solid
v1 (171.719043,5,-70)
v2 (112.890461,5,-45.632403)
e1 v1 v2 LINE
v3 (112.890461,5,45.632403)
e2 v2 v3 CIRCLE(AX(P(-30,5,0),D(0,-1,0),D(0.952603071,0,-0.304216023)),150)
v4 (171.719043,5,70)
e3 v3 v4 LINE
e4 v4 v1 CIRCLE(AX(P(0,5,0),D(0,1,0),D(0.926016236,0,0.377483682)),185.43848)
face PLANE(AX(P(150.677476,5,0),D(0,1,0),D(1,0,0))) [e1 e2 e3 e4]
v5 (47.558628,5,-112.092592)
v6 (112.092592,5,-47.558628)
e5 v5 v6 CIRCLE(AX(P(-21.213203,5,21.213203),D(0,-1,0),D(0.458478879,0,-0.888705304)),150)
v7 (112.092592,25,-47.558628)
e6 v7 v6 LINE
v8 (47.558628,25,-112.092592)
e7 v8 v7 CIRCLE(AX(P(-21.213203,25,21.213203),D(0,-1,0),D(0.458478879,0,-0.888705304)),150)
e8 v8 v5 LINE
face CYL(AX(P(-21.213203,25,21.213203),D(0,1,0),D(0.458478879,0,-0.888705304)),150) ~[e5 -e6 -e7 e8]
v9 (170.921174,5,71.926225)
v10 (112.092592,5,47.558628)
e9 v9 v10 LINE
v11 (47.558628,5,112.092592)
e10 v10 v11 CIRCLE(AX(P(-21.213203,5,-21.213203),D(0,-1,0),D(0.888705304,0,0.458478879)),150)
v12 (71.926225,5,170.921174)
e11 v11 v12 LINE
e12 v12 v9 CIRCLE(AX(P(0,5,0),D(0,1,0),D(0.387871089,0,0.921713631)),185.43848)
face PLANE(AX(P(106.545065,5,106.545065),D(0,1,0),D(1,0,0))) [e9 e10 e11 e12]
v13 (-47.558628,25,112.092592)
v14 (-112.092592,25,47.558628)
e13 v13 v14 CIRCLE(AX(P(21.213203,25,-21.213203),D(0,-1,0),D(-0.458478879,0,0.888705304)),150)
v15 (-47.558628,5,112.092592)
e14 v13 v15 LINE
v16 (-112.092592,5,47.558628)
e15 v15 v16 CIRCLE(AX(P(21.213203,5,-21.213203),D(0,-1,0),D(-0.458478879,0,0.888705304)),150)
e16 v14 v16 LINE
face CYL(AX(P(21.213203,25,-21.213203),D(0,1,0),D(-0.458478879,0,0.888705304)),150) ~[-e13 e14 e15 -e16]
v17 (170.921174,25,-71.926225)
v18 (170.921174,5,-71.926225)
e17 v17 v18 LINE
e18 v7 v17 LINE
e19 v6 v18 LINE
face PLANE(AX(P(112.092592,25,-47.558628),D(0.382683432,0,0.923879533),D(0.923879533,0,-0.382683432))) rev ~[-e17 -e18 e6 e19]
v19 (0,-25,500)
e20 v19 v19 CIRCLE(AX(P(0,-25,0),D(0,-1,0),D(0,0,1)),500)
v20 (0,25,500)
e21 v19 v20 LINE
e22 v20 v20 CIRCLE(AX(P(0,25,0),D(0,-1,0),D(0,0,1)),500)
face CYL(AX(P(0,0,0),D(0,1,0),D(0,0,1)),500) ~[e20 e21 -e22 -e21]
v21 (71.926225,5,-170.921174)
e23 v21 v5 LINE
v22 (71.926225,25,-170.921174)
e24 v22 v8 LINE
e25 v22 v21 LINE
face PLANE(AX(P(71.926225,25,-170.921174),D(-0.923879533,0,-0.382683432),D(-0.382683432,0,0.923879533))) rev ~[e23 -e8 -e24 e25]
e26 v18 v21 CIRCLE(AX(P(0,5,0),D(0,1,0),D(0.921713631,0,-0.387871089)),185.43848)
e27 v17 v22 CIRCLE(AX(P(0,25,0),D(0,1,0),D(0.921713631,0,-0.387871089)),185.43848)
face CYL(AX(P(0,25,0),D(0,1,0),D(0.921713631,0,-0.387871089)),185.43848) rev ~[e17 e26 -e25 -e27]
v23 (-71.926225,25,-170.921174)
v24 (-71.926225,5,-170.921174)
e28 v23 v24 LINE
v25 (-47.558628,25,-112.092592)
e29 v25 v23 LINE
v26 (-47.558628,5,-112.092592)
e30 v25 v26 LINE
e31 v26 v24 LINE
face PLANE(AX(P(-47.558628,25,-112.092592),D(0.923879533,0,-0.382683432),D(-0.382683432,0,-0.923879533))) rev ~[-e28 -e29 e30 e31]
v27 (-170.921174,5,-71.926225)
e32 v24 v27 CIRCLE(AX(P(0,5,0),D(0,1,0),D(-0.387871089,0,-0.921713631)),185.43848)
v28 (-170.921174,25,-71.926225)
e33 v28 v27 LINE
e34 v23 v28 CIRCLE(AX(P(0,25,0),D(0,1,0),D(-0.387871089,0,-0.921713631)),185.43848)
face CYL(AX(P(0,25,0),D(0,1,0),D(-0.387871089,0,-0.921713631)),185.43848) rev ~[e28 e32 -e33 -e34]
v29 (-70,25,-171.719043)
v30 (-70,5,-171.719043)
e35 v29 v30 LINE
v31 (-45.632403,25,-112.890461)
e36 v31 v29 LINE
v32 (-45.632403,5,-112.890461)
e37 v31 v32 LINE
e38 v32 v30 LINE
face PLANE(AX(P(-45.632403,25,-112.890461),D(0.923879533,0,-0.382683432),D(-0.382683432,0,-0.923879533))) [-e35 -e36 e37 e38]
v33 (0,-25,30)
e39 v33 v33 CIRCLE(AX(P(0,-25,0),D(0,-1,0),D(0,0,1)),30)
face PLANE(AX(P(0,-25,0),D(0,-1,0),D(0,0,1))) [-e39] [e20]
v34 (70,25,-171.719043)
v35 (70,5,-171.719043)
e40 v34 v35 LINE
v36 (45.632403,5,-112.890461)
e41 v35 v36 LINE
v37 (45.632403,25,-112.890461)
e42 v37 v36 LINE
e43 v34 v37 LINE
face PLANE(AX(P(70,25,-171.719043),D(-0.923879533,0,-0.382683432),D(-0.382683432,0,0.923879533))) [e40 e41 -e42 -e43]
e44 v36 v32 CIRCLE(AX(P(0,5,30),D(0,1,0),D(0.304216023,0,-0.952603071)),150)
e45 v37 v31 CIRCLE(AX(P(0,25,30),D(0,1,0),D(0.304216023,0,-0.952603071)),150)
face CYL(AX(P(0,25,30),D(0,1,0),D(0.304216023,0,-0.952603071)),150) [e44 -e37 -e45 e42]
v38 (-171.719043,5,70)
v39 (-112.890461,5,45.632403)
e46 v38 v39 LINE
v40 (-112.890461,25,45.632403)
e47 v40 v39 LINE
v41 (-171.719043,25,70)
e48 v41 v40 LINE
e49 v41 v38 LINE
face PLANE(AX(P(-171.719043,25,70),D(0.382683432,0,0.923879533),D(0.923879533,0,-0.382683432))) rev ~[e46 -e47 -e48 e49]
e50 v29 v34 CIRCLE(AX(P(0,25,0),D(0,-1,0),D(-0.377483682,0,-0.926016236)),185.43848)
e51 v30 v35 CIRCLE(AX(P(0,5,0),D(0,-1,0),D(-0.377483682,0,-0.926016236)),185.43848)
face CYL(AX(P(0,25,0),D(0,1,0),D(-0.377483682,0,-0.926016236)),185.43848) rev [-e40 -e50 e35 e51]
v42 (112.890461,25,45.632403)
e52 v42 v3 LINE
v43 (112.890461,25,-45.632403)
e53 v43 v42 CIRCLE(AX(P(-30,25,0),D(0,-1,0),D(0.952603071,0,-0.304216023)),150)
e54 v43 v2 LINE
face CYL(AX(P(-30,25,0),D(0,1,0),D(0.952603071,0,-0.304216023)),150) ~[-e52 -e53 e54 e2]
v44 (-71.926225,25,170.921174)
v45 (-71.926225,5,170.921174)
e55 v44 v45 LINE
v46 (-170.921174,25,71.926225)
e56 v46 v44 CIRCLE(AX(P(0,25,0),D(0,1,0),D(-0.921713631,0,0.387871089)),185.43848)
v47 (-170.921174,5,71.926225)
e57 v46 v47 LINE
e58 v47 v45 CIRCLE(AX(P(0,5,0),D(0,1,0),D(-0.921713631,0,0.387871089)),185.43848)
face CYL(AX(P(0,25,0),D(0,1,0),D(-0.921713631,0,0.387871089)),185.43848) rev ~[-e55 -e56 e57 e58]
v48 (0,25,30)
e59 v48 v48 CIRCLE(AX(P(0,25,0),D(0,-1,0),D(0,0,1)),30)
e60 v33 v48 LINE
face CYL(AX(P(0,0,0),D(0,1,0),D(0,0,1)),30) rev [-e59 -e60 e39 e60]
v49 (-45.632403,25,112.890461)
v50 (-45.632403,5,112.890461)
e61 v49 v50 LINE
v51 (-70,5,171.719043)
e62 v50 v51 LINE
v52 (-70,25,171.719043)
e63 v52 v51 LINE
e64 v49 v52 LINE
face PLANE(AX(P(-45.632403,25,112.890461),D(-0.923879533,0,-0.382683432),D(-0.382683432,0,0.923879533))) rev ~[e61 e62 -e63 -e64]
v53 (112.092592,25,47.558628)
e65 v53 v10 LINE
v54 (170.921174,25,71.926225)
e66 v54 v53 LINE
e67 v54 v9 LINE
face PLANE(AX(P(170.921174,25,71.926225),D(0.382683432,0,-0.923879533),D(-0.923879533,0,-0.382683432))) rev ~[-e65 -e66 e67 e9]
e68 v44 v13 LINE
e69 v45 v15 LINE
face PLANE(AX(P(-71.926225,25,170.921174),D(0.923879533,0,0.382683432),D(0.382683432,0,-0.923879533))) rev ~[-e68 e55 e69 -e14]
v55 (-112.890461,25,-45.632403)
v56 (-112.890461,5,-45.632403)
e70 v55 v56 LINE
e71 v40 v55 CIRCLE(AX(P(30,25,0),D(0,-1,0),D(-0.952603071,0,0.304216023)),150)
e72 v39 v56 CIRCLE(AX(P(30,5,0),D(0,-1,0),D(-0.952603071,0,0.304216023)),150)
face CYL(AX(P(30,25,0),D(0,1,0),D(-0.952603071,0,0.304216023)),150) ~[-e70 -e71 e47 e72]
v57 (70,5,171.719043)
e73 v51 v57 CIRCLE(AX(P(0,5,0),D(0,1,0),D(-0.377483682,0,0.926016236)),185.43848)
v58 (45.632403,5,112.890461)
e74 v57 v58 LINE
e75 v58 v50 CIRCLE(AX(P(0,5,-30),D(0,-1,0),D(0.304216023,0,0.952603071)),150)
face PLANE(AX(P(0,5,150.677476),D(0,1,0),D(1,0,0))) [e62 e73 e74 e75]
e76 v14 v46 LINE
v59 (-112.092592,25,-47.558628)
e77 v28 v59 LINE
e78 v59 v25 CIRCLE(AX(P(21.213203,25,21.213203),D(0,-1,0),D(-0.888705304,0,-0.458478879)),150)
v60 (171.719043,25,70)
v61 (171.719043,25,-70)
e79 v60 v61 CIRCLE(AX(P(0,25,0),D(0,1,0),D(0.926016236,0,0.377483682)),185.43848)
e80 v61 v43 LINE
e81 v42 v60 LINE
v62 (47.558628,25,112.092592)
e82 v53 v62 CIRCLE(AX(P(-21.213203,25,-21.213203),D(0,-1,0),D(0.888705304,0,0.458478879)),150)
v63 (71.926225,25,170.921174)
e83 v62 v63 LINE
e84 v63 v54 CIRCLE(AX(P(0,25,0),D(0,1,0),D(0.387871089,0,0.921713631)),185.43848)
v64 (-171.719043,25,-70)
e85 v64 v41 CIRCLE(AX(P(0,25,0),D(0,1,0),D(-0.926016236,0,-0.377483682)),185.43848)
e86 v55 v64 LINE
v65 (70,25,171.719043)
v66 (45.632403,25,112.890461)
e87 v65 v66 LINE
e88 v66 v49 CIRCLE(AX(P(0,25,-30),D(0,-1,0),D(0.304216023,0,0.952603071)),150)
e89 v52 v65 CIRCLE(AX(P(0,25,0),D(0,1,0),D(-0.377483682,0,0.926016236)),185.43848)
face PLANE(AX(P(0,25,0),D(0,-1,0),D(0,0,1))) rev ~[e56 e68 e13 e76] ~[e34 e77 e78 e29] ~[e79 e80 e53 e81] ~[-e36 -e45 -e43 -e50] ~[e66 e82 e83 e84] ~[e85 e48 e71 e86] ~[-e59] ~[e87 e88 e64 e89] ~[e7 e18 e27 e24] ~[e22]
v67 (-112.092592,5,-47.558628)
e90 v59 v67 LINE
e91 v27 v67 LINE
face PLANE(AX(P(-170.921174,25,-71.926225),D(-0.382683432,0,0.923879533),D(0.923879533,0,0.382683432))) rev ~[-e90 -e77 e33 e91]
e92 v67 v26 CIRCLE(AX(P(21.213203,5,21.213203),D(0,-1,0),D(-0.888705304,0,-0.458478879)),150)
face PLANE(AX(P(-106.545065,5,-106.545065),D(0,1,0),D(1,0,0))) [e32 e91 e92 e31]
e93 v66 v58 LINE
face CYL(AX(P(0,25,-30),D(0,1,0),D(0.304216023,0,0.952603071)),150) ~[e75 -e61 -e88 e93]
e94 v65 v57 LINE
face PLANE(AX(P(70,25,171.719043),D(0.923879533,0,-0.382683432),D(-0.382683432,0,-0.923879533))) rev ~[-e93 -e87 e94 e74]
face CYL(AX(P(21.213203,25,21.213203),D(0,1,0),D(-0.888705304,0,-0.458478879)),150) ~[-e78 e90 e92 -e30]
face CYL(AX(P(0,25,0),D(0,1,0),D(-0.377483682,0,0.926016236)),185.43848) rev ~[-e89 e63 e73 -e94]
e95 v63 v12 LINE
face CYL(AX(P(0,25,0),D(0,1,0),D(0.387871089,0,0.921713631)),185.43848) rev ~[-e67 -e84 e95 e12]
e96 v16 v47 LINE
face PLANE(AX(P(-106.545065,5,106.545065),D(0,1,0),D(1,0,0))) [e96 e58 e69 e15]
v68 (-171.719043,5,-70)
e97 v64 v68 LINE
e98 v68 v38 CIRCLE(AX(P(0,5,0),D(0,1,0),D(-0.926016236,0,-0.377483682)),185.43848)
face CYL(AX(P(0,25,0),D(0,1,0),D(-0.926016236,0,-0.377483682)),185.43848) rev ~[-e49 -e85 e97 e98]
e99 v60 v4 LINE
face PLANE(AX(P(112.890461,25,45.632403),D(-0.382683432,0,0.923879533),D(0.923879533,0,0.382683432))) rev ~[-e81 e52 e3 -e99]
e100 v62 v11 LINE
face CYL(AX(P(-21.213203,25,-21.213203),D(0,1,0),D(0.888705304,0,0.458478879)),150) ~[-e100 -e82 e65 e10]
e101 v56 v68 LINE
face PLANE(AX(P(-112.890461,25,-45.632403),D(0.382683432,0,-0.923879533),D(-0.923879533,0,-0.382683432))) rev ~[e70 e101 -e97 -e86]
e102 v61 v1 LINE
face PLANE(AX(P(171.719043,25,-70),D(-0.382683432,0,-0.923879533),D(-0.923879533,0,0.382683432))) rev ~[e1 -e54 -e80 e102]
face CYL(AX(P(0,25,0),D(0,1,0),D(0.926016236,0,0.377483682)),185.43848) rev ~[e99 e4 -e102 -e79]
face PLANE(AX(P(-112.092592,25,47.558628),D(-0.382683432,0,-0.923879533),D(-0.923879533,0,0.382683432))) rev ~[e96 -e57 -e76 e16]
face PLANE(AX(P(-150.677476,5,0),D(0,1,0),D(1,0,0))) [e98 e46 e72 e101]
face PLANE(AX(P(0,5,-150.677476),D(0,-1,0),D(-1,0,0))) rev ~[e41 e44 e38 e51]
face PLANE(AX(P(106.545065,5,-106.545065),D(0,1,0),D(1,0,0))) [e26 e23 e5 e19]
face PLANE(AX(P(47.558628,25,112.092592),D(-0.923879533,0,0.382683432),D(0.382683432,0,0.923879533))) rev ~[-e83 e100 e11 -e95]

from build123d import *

# Parameters (mm, degrees)
SKETCH1_W          = 470
SKETCH1_H          = 50
CUT_EXTRUDE2_DEPTH = 20


with BuildPart() as part:
    # Sketch1 → Revolve1 (revolve)
    with BuildSketch(Plane(origin=(0, 0, 0), x_dir=(0, 0, -1), z_dir=(1, 0, 0))):
        with Locations((-265, 0)):
            Rectangle(SKETCH1_W, SKETCH1_H)
    revolve(axis=Axis((0, 285.555555556, 0), (0, -1, 0)))

    # Sketch3 → Cut-Extrude2 (cut)
    with BuildSketch(Plane(origin=(0, 25, 0), x_dir=(1, 0, 0), z_dir=(0, 1, 0))):
        with BuildLine():
            Line((-45.632403393, 112.890460705), (-70, 171.719042916))
            ThreePointArc((-70, 171.719042916), (0, 185.438479556), (70, 171.719042916))
            Line((70, 171.719042916), (45.632403393, 112.890460705))
            ThreePointArc((45.632403393, 112.890460705), (0, 120), (-45.632403393, 112.890460705))
        make_face()
        with BuildLine():
            Line((112.092592177, 47.558628415), (170.921174388, 71.926225022))
            ThreePointArc((170.921174388, 71.926225022), (131.124806387, 131.124806387), (71.926225022, 170.921174388))
            Line((71.926225022, 170.921174388), (47.558628415, 112.092592177))
            ThreePointArc((47.558628415, 112.092592177), (84.852813742, 84.852813742), (112.092592177, 47.558628415))
        make_face()
        with BuildLine():
            Line((112.890460705, -45.632403393), (171.719042916, -70))
            ThreePointArc((171.719042916, -70), (185.438479556, 0), (171.719042916, 70))
            Line((171.719042916, 70), (112.890460705, 45.632403393))
            ThreePointArc((112.890460705, 45.632403393), (120, 0), (112.890460705, -45.632403393))
        make_face()
        with BuildLine():
            Line((47.558628415, -112.092592177), (71.926225022, -170.921174388))
            ThreePointArc((71.926225022, -170.921174388), (131.124806387, -131.124806387), (170.921174388, -71.926225022))
            Line((170.921174388, -71.926225022), (112.092592177, -47.558628415))
            ThreePointArc((112.092592177, -47.558628415), (84.852813742, -84.852813742), (47.558628415, -112.092592177))
        make_face()
        with BuildLine():
            Line((-45.632403393, -112.890460705), (-70, -171.719042916))
            ThreePointArc((-70, -171.719042916), (0, -185.438479556), (70, -171.719042916))
            Line((70, -171.719042916), (45.632403393, -112.890460705))
            ThreePointArc((45.632403393, -112.890460705), (0, -120), (-45.632403393, -112.890460705))
        make_face()
        with BuildLine():
            Line((-112.092592177, -47.558628415), (-170.921174388, -71.926225022))
            ThreePointArc((-170.921174388, -71.926225022), (-131.124806387, -131.124806387), (-71.926225022, -170.921174388))
            Line((-71.926225022, -170.921174388), (-47.558628415, -112.092592177))
            ThreePointArc((-47.558628415, -112.092592177), (-84.852813742, -84.852813742), (-112.092592177, -47.558628415))
        make_face()
        with BuildLine():
            Line((-112.890460705, 45.632403393), (-171.719042916, 70))
            ThreePointArc((-171.719042916, 70), (-185.438479556, 0), (-171.719042916, -70))
            Line((-171.719042916, -70), (-112.890460705, -45.632403393))
            ThreePointArc((-112.890460705, -45.632403393), (-120, 0), (-112.890460705, 45.632403393))
        make_face()
        with BuildLine():
            Line((-47.558628415, 112.092592177), (-71.926225022, 170.921174388))
            ThreePointArc((-71.926225022, 170.921174388), (-131.124806387, 131.124806387), (-170.921174388, 71.926225022))
            Line((-170.921174388, 71.926225022), (-112.092592177, 47.558628415))
            ThreePointArc((-112.092592177, 47.558628415), (-84.852813742, 84.852813742), (-47.558628415, 112.092592177))
        make_face()
    extrude(amount=-CUT_EXTRUDE2_DEPTH, mode=Mode.SUBTRACT)


solid = part.part
